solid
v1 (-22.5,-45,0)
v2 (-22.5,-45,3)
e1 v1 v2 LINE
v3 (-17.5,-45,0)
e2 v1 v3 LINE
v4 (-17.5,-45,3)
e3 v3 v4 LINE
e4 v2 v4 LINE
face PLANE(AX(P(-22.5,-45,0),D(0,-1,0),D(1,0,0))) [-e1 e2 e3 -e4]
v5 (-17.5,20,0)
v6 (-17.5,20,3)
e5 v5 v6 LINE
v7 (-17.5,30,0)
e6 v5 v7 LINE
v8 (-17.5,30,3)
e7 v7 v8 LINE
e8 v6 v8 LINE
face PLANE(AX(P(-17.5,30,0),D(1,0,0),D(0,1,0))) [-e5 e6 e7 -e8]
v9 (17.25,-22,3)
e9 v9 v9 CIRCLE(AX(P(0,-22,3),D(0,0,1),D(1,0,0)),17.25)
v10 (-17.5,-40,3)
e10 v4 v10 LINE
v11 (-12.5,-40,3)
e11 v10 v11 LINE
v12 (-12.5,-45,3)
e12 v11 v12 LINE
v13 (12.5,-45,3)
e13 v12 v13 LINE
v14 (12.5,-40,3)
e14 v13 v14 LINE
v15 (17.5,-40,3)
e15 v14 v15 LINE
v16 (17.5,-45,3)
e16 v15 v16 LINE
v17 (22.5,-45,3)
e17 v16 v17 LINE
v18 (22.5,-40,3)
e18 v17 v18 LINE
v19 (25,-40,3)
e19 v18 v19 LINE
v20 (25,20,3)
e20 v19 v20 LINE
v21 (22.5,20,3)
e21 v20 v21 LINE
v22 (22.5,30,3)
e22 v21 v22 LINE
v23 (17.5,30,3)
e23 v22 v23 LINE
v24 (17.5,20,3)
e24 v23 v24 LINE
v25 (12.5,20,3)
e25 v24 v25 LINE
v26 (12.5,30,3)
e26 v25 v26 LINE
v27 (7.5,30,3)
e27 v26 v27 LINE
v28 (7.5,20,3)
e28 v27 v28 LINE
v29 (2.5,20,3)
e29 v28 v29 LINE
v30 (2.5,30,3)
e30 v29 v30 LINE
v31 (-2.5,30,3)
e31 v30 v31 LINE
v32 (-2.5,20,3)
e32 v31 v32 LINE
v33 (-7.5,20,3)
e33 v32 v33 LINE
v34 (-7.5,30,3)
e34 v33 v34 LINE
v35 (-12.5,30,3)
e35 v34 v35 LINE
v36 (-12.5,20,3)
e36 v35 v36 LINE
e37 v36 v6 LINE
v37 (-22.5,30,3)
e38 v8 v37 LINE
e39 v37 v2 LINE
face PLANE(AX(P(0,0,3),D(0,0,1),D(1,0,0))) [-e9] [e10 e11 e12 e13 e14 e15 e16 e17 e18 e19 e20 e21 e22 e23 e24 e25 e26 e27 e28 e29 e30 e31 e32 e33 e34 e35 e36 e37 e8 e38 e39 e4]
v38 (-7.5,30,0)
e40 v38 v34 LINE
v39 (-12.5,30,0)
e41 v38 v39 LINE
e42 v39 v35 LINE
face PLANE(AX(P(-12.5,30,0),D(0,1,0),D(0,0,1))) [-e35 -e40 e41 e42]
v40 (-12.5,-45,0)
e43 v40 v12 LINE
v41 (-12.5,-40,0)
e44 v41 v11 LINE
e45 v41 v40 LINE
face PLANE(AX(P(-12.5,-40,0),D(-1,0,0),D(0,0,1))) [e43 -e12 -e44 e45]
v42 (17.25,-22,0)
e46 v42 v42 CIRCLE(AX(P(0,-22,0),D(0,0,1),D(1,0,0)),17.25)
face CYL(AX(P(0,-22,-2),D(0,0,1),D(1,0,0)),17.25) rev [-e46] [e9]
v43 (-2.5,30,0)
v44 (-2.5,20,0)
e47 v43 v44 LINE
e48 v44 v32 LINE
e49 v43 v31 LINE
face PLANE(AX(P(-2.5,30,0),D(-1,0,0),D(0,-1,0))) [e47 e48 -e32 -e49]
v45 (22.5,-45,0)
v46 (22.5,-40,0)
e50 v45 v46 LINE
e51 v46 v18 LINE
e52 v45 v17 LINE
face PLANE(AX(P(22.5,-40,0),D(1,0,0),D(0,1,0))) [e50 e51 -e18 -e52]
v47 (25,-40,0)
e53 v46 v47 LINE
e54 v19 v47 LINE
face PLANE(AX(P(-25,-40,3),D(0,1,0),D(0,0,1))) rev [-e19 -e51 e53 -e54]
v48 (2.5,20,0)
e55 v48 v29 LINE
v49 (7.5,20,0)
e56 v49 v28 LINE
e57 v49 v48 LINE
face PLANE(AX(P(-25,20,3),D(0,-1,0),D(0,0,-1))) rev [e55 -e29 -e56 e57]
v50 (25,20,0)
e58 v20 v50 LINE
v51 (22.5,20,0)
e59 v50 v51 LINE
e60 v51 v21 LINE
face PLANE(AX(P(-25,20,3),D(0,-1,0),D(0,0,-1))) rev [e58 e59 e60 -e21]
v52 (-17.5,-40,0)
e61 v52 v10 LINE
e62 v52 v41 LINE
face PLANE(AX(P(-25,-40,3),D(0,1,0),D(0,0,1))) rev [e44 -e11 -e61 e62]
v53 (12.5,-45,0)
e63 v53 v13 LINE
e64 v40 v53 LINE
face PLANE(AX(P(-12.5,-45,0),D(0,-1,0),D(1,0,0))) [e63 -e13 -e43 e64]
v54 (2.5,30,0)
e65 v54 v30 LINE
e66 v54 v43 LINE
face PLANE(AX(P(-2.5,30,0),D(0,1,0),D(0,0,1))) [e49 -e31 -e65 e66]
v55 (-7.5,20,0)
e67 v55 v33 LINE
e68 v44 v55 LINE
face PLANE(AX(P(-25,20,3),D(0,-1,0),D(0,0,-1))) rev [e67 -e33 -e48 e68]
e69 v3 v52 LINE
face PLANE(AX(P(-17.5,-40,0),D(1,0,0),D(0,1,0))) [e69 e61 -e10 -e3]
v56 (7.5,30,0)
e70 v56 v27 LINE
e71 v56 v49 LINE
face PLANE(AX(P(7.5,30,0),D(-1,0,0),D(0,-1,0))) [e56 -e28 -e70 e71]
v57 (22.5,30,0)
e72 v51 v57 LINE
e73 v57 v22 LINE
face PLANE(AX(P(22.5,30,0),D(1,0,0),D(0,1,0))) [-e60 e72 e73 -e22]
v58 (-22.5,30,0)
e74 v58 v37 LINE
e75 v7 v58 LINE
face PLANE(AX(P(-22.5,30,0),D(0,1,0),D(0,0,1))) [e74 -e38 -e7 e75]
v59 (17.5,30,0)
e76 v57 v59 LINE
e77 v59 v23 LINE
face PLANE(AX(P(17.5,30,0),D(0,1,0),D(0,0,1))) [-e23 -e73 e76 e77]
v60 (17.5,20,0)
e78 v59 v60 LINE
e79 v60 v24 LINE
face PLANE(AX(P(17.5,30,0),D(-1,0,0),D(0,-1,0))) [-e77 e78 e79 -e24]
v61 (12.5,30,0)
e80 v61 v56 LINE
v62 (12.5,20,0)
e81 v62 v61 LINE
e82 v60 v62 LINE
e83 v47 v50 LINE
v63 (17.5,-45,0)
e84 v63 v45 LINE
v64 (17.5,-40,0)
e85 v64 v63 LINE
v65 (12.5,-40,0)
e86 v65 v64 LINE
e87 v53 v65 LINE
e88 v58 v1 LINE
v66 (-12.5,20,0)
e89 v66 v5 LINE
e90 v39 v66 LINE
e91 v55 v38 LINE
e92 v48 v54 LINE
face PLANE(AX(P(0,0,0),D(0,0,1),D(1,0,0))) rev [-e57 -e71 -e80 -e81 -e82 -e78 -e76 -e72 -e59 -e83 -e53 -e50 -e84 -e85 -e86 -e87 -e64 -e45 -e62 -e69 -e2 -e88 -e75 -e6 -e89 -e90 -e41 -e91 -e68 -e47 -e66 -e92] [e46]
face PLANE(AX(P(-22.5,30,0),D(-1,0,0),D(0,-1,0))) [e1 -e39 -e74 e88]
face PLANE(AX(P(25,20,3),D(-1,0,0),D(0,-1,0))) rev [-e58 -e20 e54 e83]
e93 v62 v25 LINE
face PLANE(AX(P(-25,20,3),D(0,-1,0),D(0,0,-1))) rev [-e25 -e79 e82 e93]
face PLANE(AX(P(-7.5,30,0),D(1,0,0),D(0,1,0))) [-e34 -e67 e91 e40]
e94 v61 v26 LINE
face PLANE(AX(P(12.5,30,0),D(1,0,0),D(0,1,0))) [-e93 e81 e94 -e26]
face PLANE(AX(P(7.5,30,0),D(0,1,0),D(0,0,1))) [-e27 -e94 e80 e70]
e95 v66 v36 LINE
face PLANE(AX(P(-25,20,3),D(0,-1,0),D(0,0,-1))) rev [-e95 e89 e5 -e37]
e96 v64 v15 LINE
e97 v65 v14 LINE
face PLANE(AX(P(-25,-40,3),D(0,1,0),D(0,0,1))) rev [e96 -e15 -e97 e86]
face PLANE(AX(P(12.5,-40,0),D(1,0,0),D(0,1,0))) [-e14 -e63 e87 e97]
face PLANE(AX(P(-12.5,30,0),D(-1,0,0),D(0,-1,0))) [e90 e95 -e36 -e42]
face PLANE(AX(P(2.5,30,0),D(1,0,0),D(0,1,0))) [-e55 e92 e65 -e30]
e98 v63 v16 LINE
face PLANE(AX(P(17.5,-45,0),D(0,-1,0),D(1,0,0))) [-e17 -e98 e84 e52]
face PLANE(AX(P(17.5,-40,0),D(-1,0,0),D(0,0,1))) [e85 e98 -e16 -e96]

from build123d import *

# Parameters (mm, degrees)
ESQUISSE3_W                = 50
ESQUISSE3_H                = 60
BOSS_EXTRU_12_DEPTH        = 3
ESQUISSE4_R                = 17.25
ENL_V_MAT_EXTRU_1_DEPTH    = 5
ESQUISSE5_W                = 5
ESQUISSE5_H                = 10
ESQUISSE5_H_2              = 5
BOSS_EXTRU_13_DEPTH        = 3
R_P_TITION_LIN_AIRE1_COUNT = 5
R_P_TITION_LIN_AIRE1_PITCH = 10
ESQUISSE6_W                = 5
ESQUISSE6_H                = 5
BOSS_EXTRU_14_DEPTH        = 3
ESQUISSE7_W                = 2.5
ESQUISSE7_H                = 60
ENL_V_MAT_EXTRU_2_DEPTH    = 10


with BuildPart() as part:
    # Esquisse3 → Boss.-Extru.12 (new body)
    with BuildSketch(Plane.XY):
        with Locations((0, -10)):
            Rectangle(ESQUISSE3_W, ESQUISSE3_H)
    extrude(amount=BOSS_EXTRU_12_DEPTH)

    # Esquisse4 → Enlèv. mat.-Extru.1 (cut)
    with BuildSketch(Plane.XY.offset(3)):
        with Locations((0, -22)):
            Circle(ESQUISSE4_R)
    extrude(amount=-ENL_V_MAT_EXTRU_1_DEPTH, mode=Mode.SUBTRACT)

    # Esquisse5 → Boss.-Extru.13 (add)
    with BuildSketch(Plane.XY.offset(3)):
        with Locations((-20, 25)):
            Rectangle(ESQUISSE5_W, ESQUISSE5_H)
        with Locations((-20, -42.5)):
            Rectangle(ESQUISSE5_W, ESQUISSE5_H_2)
    boss_extru_13 = extrude(amount=-BOSS_EXTRU_13_DEPTH)

    # Répétition linéaire1: Boss.-Extru.13 ×5
    with Locations(*[(i * R_P_TITION_LIN_AIRE1_PITCH, 0, 0) for i in range(1, R_P_TITION_LIN_AIRE1_COUNT)]):
        add(boss_extru_13)

    # Esquisse6 → Boss.-Extru.14 (add)
    with BuildSketch(Plane.XY.offset(3)):
        with Locations((-5, -42.5)):
            Rectangle(ESQUISSE6_W, ESQUISSE6_H)
        with Locations((5, -42.5)):
            Rectangle(ESQUISSE6_W, ESQUISSE6_H)
    extrude(amount=-BOSS_EXTRU_14_DEPTH)

    # Esquisse7 → Enlèv. mat.-Extru.2 (cut)
    with BuildSketch(Plane.XY.offset(3)):
        with Locations((-23.75, -10)):
            Rectangle(ESQUISSE7_W, ESQUISSE7_H)
    extrude(amount=-ENL_V_MAT_EXTRU_2_DEPTH, mode=Mode.SUBTRACT)


solid = part.part
